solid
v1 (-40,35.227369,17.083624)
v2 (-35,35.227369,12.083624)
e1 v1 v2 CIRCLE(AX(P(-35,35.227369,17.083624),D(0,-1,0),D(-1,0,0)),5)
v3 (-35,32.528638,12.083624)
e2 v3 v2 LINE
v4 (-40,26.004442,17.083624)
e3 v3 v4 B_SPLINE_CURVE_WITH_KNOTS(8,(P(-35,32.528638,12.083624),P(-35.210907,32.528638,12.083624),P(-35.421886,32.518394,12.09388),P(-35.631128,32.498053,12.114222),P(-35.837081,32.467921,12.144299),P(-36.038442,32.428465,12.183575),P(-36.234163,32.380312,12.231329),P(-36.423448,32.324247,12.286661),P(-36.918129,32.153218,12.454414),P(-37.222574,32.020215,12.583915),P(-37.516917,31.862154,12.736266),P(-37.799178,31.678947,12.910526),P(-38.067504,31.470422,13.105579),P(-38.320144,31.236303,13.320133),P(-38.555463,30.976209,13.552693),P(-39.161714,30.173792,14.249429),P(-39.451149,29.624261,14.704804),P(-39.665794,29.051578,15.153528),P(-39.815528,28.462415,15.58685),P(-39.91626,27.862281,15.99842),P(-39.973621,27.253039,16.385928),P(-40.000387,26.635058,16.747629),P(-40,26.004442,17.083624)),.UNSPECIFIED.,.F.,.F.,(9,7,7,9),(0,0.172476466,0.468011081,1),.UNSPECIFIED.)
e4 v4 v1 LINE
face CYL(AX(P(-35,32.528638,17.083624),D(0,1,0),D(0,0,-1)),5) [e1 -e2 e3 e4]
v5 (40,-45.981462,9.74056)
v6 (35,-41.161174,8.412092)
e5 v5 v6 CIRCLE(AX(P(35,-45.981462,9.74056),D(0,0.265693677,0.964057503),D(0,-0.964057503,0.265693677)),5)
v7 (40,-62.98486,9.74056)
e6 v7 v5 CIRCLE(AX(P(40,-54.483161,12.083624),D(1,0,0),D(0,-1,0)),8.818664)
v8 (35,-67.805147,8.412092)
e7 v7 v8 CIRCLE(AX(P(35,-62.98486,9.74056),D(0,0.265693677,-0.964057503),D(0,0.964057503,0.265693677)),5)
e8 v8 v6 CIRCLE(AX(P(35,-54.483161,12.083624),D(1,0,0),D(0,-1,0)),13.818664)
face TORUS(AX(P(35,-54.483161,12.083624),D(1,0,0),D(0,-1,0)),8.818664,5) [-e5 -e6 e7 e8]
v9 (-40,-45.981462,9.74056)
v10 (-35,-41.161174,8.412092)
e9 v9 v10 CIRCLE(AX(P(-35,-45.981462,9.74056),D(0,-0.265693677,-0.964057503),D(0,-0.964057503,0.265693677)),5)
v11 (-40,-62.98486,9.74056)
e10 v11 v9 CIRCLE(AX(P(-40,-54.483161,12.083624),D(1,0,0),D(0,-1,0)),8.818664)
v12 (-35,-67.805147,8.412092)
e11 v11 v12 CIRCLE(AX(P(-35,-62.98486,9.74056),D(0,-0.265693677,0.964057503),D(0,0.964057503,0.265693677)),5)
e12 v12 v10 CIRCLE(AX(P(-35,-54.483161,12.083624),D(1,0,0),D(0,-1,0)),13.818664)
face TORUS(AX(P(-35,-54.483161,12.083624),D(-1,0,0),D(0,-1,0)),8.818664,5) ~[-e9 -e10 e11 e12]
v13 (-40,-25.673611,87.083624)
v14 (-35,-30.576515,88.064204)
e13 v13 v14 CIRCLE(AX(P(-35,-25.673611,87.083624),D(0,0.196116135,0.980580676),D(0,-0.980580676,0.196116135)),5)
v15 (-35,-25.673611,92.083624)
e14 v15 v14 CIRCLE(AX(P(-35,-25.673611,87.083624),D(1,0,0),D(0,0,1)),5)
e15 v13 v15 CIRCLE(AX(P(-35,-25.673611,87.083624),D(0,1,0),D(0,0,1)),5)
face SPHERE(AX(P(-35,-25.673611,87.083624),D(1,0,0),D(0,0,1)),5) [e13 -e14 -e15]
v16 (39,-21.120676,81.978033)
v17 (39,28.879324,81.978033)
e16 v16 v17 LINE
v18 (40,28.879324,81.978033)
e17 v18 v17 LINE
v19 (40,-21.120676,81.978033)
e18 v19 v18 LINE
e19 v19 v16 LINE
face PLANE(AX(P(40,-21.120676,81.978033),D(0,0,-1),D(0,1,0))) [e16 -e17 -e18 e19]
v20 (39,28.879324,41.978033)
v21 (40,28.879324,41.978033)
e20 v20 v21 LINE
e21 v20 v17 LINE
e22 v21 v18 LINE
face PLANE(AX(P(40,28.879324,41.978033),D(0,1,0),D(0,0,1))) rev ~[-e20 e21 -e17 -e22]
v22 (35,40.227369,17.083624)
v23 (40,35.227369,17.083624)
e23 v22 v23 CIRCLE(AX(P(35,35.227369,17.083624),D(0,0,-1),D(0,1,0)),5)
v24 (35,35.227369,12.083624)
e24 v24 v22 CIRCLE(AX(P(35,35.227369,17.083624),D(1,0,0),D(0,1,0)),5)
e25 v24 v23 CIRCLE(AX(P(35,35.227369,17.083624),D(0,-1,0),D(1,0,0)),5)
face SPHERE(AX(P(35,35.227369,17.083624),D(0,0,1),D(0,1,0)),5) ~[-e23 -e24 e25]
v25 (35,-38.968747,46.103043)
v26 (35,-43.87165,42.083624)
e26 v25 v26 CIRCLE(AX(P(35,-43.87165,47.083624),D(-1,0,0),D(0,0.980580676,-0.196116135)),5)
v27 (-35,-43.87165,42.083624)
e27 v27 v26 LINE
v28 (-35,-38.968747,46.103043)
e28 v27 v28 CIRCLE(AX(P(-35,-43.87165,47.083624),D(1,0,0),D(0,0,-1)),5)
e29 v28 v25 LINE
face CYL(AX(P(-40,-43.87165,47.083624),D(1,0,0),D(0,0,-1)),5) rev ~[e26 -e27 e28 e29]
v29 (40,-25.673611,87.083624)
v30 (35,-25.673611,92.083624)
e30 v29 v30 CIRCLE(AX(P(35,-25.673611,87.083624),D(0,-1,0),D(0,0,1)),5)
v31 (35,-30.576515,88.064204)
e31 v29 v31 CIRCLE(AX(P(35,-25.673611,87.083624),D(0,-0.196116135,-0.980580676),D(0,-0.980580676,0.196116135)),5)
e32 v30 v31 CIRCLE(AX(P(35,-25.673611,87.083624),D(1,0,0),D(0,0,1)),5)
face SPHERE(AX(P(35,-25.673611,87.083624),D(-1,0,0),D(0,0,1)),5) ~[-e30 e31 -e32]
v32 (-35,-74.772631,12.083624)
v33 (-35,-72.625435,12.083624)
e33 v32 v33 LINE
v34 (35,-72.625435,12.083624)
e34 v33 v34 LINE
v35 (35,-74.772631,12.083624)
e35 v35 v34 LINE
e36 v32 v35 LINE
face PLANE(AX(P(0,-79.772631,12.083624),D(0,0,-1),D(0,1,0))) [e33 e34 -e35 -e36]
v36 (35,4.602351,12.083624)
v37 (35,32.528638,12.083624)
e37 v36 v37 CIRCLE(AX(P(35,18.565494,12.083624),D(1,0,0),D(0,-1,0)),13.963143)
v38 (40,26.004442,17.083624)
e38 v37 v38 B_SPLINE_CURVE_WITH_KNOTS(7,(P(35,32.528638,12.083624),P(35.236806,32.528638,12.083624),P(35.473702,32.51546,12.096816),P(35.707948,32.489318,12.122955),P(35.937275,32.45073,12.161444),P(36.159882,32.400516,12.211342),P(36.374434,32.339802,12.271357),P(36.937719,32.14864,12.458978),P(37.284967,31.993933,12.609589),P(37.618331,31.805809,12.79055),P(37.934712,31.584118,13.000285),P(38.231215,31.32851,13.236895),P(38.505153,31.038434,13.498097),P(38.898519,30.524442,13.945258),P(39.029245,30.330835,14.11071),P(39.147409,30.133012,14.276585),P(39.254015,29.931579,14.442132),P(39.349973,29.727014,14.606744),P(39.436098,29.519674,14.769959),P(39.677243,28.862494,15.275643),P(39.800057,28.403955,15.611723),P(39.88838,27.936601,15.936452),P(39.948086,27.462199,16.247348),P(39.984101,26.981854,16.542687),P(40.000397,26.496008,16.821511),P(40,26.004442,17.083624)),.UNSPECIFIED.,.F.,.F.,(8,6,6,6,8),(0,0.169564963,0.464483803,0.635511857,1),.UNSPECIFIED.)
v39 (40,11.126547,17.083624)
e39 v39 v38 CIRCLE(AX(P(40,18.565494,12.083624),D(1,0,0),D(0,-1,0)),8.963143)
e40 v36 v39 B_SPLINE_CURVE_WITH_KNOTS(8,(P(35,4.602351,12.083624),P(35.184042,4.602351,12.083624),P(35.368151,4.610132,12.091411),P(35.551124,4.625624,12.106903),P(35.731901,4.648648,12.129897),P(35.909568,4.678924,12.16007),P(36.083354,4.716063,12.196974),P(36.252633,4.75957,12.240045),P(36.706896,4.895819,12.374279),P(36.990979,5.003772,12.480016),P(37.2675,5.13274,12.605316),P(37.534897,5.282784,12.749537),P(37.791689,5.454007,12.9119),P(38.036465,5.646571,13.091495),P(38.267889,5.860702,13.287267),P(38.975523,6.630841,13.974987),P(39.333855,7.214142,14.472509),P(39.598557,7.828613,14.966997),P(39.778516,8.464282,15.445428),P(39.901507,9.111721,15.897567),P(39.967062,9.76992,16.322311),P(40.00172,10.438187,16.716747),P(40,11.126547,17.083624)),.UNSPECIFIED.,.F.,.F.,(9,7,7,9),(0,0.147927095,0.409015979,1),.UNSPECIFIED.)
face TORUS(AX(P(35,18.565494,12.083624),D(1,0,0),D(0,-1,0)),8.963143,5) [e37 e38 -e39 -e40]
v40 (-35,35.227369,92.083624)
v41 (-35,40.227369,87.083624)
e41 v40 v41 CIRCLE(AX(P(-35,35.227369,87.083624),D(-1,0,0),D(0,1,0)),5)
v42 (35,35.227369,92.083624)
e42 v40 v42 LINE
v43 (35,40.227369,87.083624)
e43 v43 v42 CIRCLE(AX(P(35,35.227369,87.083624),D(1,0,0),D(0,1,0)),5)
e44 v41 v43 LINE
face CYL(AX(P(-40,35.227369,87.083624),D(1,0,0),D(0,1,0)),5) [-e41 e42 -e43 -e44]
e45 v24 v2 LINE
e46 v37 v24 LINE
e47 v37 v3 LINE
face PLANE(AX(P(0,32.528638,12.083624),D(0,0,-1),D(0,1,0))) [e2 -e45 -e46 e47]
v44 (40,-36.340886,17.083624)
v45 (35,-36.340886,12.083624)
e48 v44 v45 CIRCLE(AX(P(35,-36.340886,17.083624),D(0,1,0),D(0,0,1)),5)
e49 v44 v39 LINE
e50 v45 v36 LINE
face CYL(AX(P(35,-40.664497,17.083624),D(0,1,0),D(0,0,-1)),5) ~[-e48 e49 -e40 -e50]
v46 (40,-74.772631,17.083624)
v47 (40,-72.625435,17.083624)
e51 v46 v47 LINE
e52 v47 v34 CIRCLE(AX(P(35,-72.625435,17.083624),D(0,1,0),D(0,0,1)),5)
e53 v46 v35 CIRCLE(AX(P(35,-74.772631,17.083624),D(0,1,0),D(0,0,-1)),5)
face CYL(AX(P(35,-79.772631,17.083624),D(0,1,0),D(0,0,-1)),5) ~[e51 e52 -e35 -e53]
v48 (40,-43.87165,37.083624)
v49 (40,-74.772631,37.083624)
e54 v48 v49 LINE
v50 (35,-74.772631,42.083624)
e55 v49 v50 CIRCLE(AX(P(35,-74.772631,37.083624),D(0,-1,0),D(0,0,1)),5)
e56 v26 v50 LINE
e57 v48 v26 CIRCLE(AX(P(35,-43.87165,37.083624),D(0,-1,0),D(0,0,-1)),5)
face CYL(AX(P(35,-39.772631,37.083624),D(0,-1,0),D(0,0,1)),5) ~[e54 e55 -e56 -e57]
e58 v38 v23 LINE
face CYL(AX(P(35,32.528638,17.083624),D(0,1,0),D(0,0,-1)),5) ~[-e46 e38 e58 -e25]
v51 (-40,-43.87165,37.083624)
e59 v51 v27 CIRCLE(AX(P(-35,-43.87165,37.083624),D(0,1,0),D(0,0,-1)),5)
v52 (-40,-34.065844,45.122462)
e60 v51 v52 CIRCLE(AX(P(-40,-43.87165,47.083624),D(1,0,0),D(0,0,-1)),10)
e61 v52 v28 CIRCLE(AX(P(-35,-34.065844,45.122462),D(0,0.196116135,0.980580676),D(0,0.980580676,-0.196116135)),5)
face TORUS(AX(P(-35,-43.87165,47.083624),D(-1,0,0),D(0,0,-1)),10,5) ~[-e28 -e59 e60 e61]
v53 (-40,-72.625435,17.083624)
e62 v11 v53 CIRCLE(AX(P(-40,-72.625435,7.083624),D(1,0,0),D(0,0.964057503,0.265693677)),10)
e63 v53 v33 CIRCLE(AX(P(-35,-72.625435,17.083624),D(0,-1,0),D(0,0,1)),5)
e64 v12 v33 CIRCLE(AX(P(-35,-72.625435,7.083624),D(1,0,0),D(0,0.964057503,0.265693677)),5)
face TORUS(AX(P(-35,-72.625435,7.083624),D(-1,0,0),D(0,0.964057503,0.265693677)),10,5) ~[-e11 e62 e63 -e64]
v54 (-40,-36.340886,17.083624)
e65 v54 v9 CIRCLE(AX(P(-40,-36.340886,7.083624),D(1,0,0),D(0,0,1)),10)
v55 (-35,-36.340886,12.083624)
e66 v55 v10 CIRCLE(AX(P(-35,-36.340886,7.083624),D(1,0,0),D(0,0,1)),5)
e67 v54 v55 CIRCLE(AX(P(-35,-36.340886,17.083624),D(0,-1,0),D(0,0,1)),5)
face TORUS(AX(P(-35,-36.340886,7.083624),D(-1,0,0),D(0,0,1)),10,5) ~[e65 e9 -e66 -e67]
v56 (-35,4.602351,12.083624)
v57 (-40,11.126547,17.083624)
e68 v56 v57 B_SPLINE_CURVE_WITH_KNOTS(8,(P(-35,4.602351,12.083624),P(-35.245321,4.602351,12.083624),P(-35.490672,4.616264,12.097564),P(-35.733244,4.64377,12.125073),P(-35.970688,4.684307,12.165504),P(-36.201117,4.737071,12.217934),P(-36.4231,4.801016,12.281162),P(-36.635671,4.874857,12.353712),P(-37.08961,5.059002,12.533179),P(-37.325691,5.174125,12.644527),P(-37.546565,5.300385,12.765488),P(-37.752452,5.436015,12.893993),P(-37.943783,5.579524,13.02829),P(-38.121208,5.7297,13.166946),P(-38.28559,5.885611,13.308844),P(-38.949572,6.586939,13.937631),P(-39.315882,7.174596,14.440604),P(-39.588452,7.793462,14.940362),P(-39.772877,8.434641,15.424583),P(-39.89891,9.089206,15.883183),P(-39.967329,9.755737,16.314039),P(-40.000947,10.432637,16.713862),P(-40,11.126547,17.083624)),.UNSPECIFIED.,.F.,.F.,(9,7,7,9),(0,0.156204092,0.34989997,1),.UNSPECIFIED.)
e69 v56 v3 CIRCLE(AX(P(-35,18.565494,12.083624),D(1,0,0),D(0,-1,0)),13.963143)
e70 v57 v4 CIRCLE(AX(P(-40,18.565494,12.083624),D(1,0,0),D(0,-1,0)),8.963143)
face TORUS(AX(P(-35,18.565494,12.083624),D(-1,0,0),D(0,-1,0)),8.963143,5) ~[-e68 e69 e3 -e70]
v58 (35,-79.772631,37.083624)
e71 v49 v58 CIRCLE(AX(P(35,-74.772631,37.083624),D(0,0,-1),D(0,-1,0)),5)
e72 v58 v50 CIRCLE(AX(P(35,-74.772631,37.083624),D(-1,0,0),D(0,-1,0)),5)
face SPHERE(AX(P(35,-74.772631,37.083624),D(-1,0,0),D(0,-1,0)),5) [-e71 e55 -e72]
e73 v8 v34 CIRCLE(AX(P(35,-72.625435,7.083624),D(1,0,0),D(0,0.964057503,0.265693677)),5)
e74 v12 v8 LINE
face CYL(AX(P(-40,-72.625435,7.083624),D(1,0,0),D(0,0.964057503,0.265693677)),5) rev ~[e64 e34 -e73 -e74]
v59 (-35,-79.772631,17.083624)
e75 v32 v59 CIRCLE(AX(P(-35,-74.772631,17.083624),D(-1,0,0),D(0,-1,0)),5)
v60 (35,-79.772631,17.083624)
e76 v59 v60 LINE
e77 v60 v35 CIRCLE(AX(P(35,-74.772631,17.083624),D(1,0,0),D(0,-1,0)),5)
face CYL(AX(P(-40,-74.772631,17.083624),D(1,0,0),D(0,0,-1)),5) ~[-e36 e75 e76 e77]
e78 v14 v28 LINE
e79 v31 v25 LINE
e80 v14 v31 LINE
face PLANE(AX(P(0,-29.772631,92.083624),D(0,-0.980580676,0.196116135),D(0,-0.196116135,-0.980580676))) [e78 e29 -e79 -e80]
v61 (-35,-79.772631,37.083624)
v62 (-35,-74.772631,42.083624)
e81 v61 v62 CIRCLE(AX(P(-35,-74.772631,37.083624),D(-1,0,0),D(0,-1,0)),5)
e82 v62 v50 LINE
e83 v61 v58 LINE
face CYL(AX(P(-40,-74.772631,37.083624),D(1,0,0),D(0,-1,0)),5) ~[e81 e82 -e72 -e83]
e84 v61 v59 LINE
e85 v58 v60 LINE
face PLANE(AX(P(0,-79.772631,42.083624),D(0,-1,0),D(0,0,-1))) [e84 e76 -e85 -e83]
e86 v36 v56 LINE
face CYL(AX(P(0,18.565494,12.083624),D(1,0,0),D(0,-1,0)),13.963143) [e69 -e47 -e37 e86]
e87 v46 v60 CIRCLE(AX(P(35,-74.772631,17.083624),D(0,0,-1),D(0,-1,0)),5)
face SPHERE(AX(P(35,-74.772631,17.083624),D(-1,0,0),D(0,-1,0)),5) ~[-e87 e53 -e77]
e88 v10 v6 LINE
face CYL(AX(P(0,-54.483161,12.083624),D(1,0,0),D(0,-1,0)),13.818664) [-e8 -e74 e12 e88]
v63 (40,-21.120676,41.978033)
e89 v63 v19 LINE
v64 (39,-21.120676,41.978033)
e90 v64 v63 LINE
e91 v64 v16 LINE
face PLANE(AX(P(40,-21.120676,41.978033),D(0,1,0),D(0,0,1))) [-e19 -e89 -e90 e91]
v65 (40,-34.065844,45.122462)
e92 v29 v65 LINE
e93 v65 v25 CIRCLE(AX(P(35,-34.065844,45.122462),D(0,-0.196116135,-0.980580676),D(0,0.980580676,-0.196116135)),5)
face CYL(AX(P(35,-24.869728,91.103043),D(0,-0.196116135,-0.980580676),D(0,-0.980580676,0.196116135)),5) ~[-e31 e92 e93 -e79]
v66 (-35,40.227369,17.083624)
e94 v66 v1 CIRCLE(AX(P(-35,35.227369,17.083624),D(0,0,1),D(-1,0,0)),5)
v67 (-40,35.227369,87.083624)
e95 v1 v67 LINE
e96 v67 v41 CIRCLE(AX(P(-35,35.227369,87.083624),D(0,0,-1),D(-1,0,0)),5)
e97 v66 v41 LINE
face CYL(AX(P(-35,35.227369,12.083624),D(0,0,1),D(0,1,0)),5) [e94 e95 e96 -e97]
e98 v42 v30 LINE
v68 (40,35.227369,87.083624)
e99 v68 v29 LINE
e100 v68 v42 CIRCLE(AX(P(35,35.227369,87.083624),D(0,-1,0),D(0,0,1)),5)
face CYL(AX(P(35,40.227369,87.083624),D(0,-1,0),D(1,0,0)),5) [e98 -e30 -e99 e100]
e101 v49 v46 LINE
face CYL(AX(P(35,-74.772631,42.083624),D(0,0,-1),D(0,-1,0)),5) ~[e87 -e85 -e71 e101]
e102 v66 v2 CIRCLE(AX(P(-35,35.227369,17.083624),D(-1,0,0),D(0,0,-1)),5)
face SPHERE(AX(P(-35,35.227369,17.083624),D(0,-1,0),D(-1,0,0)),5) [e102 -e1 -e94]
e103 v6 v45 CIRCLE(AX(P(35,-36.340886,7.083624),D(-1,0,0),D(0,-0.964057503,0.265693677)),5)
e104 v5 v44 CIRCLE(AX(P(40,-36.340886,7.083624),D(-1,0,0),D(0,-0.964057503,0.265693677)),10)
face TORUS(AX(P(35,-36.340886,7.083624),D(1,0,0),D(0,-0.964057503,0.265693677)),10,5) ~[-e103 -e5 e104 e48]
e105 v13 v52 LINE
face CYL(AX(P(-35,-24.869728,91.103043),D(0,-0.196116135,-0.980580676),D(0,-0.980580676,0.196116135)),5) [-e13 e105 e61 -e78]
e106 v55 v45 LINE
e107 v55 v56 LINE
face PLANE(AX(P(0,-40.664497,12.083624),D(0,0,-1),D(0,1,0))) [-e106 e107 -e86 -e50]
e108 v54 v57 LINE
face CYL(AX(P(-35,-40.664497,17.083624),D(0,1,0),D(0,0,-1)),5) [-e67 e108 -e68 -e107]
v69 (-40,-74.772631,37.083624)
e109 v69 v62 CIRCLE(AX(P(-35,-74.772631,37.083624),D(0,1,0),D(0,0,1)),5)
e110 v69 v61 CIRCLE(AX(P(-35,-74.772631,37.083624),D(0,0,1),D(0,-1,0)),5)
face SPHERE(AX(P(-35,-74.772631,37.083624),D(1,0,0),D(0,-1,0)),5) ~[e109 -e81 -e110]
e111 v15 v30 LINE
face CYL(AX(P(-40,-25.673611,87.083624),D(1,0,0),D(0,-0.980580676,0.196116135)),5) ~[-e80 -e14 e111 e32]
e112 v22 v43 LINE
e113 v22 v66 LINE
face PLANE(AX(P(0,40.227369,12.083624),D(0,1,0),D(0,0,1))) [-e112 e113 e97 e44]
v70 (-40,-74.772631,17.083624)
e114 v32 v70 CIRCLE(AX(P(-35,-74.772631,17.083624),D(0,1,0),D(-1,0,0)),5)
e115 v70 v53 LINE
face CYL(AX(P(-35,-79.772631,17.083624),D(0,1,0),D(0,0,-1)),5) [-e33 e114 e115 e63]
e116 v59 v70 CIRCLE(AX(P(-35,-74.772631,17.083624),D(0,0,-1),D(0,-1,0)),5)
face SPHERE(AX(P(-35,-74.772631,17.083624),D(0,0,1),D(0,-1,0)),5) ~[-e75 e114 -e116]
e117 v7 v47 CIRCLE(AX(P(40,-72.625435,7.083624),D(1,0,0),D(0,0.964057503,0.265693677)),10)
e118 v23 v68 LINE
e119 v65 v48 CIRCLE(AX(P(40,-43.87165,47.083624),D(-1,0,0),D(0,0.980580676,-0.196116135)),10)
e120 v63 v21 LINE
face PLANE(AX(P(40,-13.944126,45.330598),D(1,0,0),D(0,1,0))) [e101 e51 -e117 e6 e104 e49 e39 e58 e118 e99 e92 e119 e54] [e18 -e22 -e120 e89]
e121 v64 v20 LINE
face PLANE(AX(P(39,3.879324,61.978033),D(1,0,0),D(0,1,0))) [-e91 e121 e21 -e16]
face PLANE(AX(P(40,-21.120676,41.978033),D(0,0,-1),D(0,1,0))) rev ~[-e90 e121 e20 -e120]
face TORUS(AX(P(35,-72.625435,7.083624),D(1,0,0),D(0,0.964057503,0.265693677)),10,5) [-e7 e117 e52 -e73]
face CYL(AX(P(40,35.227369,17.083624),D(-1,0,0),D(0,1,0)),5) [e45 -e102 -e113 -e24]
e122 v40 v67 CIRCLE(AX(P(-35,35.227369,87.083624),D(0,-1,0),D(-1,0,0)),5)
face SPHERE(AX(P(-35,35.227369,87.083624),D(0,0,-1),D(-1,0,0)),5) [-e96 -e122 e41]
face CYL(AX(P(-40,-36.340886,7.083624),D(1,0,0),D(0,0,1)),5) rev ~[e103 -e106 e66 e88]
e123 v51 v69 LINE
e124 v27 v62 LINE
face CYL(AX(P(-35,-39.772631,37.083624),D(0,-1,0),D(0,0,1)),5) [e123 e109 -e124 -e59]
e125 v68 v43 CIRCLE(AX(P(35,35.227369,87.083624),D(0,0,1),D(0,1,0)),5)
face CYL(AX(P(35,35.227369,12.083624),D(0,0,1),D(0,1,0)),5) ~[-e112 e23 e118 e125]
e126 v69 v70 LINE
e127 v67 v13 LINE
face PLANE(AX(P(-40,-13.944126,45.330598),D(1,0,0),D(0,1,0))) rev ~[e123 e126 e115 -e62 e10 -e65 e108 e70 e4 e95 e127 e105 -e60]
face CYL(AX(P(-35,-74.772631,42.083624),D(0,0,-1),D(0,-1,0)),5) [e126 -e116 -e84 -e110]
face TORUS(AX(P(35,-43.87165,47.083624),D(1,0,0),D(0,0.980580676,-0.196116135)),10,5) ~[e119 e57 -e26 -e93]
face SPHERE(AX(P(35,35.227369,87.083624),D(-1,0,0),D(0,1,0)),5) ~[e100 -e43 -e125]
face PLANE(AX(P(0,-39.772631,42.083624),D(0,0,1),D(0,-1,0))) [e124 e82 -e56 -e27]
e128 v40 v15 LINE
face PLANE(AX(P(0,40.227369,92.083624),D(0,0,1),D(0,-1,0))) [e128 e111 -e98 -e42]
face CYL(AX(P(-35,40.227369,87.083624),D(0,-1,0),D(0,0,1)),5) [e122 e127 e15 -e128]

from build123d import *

# Parameters (mm, degrees)
F1_DEPTH = 40
F2_R     = 5
F3_W     = 50
F3_H     = 40
F4_DEPTH = 1


with BuildPart() as f1:
    # F0 (on Right) → F1 (new body, symmetric)
    with BuildSketch(Plane.YZ):
        with BuildLine():
            ThreePointArc((4.6023512578, 12.0836236967), (18.5654944992, 26.0467669382), (32.5286377407, 12.0836236967))
            Line((32.5286377407, 12.0836236967), (40.2273690835, 12.0836236967))
            Line((40.2273690835, 12.0836236967), (40.2273690835, 92.0836236967))
            Line((40.2273690835, 92.0836236967), (-29.7726309165, 92.0836236967))
            Line((-29.7726309165, 92.0836236967), (-39.7726309165, 42.0836236967))
            Line((-39.7726309165, 42.0836236967), (-79.7726309165, 42.0836236967))
            Line((-79.7726309165, 42.0836236967), (-79.7726309165, 12.0836236967))
            Line((-79.7726309165, 12.0836236967), (-68.3018244008, 12.0836236967))
            ThreePointArc((-68.3018244008, 12.0836236967), (-54.4831605593, 25.9022875381), (-40.6644967179, 12.0836236967))
            Line((-40.6644967179, 12.0836236967), (4.6023512578, 12.0836236967))
        make_face()
        with BuildLine():
            Line((-68.3018244008, 12.0836236967), (-40.6644967179, 12.0836236967))
            ThreePointArc((-40.6644967179, 12.0836236967), (-54.4831605593, 25.9022875381), (-68.3018244008, 12.0836236967))
        make_face()
        with BuildLine():
            ThreePointArc((-68.3018244008, 12.0836236967), (-54.4831605593, -1.7350401447), (-40.6644967179, 12.0836236967))
            Line((-40.6644967179, 12.0836236967), (-68.3018244008, 12.0836236967))
        make_face()
        with BuildLine():
            Line((4.6023512578, 12.0836236967), (32.5286377407, 12.0836236967))
            ThreePointArc((32.5286377407, 12.0836236967), (18.5654944992, 26.0467669382), (4.6023512578, 12.0836236967))
        make_face()
        with BuildLine():
            ThreePointArc((4.6023512578, 12.0836236967), (18.5654944992, -1.8795195447), (32.5286377407, 12.0836236967))
            Line((32.5286377407, 12.0836236967), (4.6023512578, 12.0836236967))
        make_face()
    extrude(amount=F1_DEPTH, both=True)

    # F2
    f2_edges = [f1.edges().sort_by_distance(p)[0] for p in [
        (-40, -34.772631, 67.083624),
        (0, -39.772631, 42.083624),
        (40, -34.772631, 67.083624),
        (0, -29.772631, 92.083624),
        (0, -79.772631, 42.083624),
        (-40, -79.772631, 27.083624),
        (0, -79.772631, 12.083624),
        (40, -79.772631, 27.083624),
        (0, -68.301824, 12.083624),
        (-40, -54.483161, -1.73504),
        (0, -40.664497, 12.083624),
        (40, -54.483161, -1.73504),
        (-40, -59.772631, 42.083624),
        (-40, -74.037228, 12.083624),
        (-40, -18.031073, 12.083624),
        (-40, 18.565494, -1.87952),
        (-40, 36.378003, 12.083624),
        (-40, 40.227369, 52.083624),
        (-40, 5.227369, 92.083624),
        (0, 40.227369, 92.083624),
        (40, 40.227369, 52.083624),
        (0, 40.227369, 12.083624),
        (40, -59.772631, 42.083624),
        (40, -74.037228, 12.083624),
        (40, -18.031073, 12.083624),
        (40, 18.565494, -1.87952),
        (40, 36.378003, 12.083624),
        (40, 5.227369, 92.083624),
    ]]
    fillet(f2_edges, radius=F2_R)

    # F3 (on face) → F4 (cut, symmetric)
    with BuildSketch(Plane.YZ.offset(40)):
        with Locations((3.8793236017, 61.9780325047)):
            Rectangle(F3_W, F3_H)
    extrude(amount=F4_DEPTH, both=True, mode=Mode.SUBTRACT)


solid = f1.part
